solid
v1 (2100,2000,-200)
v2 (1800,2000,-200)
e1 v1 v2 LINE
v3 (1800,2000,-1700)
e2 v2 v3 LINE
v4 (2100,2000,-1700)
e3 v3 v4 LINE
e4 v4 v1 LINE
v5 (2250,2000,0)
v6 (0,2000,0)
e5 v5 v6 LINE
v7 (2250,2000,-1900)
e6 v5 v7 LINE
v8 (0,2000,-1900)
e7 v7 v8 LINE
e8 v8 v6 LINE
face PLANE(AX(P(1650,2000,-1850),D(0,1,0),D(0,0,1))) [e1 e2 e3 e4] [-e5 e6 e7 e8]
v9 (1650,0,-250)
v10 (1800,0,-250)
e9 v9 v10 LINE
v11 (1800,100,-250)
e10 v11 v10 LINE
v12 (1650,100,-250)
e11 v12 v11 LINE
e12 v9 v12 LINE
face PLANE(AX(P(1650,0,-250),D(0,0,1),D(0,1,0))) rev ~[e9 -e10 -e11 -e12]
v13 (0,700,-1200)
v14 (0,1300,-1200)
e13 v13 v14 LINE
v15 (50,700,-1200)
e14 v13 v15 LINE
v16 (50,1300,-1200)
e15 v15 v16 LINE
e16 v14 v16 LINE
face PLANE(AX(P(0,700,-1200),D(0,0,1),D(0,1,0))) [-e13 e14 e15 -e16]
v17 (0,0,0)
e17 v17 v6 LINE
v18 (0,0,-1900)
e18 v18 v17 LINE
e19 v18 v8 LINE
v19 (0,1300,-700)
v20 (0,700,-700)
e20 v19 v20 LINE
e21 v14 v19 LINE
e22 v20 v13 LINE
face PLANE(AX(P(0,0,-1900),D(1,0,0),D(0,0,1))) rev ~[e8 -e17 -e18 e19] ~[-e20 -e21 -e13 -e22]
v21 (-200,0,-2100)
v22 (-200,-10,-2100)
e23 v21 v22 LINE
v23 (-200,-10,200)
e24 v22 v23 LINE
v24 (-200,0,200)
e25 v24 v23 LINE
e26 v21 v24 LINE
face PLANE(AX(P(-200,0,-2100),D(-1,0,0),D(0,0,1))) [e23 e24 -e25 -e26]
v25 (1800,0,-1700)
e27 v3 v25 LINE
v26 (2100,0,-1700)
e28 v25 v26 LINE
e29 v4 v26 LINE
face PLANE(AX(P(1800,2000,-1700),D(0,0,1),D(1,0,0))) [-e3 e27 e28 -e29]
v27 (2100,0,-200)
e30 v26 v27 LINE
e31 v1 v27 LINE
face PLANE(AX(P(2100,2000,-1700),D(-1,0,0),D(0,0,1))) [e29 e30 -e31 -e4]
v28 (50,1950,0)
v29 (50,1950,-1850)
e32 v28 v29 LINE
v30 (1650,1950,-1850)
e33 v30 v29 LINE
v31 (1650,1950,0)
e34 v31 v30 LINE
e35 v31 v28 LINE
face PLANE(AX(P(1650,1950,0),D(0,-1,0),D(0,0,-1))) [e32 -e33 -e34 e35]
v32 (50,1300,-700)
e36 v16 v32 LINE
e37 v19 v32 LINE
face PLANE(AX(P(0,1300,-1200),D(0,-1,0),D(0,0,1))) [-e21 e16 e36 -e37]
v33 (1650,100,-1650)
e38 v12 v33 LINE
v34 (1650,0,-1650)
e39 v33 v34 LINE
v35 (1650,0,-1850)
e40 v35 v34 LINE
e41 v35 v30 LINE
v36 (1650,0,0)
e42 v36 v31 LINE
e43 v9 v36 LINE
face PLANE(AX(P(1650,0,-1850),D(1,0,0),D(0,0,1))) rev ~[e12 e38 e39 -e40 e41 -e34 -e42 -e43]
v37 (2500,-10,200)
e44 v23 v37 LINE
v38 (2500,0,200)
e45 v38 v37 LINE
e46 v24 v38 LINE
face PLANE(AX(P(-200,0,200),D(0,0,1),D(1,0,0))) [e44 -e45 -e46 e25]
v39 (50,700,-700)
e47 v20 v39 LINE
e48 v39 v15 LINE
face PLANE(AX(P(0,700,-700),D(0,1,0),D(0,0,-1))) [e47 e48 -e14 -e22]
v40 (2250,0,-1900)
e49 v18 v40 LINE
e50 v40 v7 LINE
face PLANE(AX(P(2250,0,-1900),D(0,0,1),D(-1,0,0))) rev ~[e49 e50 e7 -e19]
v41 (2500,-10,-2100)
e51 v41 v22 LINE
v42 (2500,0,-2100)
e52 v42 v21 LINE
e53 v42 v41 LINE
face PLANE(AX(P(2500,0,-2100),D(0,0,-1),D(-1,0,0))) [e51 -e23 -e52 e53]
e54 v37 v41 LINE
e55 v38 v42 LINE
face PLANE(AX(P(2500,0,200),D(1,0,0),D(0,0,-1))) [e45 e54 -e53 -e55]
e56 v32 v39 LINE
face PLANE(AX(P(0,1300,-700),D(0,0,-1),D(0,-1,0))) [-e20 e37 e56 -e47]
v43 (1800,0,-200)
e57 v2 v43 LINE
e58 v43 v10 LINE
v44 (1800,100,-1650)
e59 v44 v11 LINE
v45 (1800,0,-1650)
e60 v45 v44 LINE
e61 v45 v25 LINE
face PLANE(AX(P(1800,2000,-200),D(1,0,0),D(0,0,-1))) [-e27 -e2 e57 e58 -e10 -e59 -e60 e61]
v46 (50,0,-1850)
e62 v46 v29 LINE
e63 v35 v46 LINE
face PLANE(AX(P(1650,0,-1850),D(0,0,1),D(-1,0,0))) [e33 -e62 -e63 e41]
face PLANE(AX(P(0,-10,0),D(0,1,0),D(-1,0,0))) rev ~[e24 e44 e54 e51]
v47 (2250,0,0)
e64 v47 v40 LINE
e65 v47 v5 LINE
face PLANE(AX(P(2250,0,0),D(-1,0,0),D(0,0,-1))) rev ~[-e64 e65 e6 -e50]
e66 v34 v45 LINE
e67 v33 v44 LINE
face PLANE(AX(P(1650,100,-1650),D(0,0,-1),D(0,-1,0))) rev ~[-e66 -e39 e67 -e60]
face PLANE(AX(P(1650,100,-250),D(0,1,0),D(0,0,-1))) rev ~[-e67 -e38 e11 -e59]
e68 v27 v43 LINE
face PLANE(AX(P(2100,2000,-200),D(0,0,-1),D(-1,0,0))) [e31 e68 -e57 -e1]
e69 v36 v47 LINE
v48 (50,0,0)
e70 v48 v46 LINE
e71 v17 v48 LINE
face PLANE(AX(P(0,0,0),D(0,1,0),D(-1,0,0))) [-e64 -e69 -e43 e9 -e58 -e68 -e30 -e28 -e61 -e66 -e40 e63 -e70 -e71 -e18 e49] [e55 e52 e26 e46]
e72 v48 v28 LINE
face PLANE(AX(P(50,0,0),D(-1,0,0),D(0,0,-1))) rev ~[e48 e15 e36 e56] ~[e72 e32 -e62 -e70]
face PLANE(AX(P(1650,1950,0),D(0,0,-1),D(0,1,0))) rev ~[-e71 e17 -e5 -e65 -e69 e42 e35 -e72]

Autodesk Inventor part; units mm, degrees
ref_plane "YZ Plane" through (0, 0, 0) normal (1, 0, 0) x (0, 1, 0)
ref_plane "XZ Plane" through (0, 0, 0) normal (0, 1, 0) x (-1, 0, 0)
ref_plane "XY Plane" through (0, 0, 0) normal (0, 0, 1) x (1, 0, 0)
sketch "Sketch2" plane through (0, 0, 0) normal (0, 1, 0) x (-1, 0, 0)
  line L0 (200, 200) -> (-2500, 200)
  line L1 (-2500, 200) -> (-2500, -2100)
  line L2 (-2500, -2100) -> (200, -2100)
  line L3 (200, -2100) -> (200, 200)
  point P0 (0, 0)
  dimension "d0" = 200
  dimension "d1" = 2300
  dimension "d2" = 2700
  dimension "d3" = 200
extrude "Extrusion1" add sketch "Sketch2" against normal blind 10
sketch "Sketch3" plane through (0, 0, 0) normal (0, 1, 0) x (1, 0, 0)
  line L0 (1650, 0) -> (2250, 0)
  line L1 (2250, 0) -> (2250, 1900)
  line L2 (2250, 1900) -> (1650, 1900)
  line L3 (1650, 1900) -> (1650, 0)
  line L4 (0, 0) -> (50, 0)
  line L5 (50, 0) -> (50, 1900)
  line L6 (50, 1900) -> (0, 1900)
  line L7 (0, 1900) -> (0, 0)
  line L8 (50, 1900) -> (1650, 1900)
  line L9 (1650, 1900) -> (1650, 1850)
  line L10 (1650, 1850) -> (50, 1850)
  line L11 (50, 1850) -> (50, 1900)
  dimension "d6" = 1900
  dimension "d8" = 1900
  dimension "d9" = 1650
  dimension "d10" = 600
  dimension "d11" = 50
  dimension "d12" = 1900
  dimension "d13" = 50
extrude "Extrusion2" add sketch "Sketch3" along normal blind 2000
sketch "Sketch4" plane through (0, 2000, 0) normal (0, 1, 0) x (1, 0, 0)
  line L0 (1650, 1850) -> (1650, 0) projected
  line L1 (1650, 0) -> (2250, 0) projected
  line L2 (2250, 0) -> (2250, 1900) projected
  line L3 (2250, 1900) -> (0, 1900) projected
  line L4 (1800, 1700) -> (2100, 1700)
  line L5 (2100, 1700) -> (2100, 200)
  line L6 (2100, 200) -> (1800, 200)
  line L7 (1800, 200) -> (1800, 1700)
  dimension "d16" = 150
  dimension "d17" = 150
  dimension "d18" = 200
  dimension "d19" = 200
extrude "Extrusion3" cut sketch "Sketch4" against normal blind 2000
sketch "Sketch5" plane through (1650, 0, -1850) normal (-1, 0, 0) x (0, 0, 1)
  line L0 (1850, 0) -> (0, 0) projected
  line L1 (1850, 0) -> (1850, 2000) projected
  line L2 (200, 0) -> (1600, 0)
  line L3 (1600, 0) -> (1600, 100)
  line L4 (1600, 100) -> (200, 100)
  line L5 (200, 100) -> (200, 0)
  dimension "d22" = 100
  dimension "d24" = 1400
  dimension "d25" = 250
extrude "Extrusion4" cut sketch "Sketch5" against normal blind 200
sketch "Sketch6" plane through (0, 0, -1900) normal (-1, 0, 0) x (0, 0, 1)
  line L0 (1900, 0) -> (0, 0) projected
  line L1 (0, 0) -> (0, 2000) projected
  line L2 (700, 1300) -> (1200, 1300)
  line L3 (1200, 1300) -> (1200, 700)
  line L4 (1200, 700) -> (700, 700)
  line L5 (700, 700) -> (700, 1300)
  dimension "d28" = 500
  dimension "d30" = 600
  dimension "d31" = 700
  dimension "d32" = 700
extrude "Extrusion5" cut sketch "Sketch6" against normal blind 200
sketch "Sketch7" plane through (1650, 0, 0) normal (-1, 0, 0) x (0, 0, 1)
  line L0 (0, 0) -> (0, 2000) projected
  line L1 (-1850, 2000) -> (0, 2000)
  line L2 (0, 2000) -> (0, 1950)
  line L3 (0, 1950) -> (-1850, 1950)
  line L4 (-1850, 1950) -> (-1850, 2000)
  dimension "d35" = 50
extrude "Extrusion6" add sketch "Sketch7" along normal blind 1600
properties part number "Bouchair_Solar_Chimney"
